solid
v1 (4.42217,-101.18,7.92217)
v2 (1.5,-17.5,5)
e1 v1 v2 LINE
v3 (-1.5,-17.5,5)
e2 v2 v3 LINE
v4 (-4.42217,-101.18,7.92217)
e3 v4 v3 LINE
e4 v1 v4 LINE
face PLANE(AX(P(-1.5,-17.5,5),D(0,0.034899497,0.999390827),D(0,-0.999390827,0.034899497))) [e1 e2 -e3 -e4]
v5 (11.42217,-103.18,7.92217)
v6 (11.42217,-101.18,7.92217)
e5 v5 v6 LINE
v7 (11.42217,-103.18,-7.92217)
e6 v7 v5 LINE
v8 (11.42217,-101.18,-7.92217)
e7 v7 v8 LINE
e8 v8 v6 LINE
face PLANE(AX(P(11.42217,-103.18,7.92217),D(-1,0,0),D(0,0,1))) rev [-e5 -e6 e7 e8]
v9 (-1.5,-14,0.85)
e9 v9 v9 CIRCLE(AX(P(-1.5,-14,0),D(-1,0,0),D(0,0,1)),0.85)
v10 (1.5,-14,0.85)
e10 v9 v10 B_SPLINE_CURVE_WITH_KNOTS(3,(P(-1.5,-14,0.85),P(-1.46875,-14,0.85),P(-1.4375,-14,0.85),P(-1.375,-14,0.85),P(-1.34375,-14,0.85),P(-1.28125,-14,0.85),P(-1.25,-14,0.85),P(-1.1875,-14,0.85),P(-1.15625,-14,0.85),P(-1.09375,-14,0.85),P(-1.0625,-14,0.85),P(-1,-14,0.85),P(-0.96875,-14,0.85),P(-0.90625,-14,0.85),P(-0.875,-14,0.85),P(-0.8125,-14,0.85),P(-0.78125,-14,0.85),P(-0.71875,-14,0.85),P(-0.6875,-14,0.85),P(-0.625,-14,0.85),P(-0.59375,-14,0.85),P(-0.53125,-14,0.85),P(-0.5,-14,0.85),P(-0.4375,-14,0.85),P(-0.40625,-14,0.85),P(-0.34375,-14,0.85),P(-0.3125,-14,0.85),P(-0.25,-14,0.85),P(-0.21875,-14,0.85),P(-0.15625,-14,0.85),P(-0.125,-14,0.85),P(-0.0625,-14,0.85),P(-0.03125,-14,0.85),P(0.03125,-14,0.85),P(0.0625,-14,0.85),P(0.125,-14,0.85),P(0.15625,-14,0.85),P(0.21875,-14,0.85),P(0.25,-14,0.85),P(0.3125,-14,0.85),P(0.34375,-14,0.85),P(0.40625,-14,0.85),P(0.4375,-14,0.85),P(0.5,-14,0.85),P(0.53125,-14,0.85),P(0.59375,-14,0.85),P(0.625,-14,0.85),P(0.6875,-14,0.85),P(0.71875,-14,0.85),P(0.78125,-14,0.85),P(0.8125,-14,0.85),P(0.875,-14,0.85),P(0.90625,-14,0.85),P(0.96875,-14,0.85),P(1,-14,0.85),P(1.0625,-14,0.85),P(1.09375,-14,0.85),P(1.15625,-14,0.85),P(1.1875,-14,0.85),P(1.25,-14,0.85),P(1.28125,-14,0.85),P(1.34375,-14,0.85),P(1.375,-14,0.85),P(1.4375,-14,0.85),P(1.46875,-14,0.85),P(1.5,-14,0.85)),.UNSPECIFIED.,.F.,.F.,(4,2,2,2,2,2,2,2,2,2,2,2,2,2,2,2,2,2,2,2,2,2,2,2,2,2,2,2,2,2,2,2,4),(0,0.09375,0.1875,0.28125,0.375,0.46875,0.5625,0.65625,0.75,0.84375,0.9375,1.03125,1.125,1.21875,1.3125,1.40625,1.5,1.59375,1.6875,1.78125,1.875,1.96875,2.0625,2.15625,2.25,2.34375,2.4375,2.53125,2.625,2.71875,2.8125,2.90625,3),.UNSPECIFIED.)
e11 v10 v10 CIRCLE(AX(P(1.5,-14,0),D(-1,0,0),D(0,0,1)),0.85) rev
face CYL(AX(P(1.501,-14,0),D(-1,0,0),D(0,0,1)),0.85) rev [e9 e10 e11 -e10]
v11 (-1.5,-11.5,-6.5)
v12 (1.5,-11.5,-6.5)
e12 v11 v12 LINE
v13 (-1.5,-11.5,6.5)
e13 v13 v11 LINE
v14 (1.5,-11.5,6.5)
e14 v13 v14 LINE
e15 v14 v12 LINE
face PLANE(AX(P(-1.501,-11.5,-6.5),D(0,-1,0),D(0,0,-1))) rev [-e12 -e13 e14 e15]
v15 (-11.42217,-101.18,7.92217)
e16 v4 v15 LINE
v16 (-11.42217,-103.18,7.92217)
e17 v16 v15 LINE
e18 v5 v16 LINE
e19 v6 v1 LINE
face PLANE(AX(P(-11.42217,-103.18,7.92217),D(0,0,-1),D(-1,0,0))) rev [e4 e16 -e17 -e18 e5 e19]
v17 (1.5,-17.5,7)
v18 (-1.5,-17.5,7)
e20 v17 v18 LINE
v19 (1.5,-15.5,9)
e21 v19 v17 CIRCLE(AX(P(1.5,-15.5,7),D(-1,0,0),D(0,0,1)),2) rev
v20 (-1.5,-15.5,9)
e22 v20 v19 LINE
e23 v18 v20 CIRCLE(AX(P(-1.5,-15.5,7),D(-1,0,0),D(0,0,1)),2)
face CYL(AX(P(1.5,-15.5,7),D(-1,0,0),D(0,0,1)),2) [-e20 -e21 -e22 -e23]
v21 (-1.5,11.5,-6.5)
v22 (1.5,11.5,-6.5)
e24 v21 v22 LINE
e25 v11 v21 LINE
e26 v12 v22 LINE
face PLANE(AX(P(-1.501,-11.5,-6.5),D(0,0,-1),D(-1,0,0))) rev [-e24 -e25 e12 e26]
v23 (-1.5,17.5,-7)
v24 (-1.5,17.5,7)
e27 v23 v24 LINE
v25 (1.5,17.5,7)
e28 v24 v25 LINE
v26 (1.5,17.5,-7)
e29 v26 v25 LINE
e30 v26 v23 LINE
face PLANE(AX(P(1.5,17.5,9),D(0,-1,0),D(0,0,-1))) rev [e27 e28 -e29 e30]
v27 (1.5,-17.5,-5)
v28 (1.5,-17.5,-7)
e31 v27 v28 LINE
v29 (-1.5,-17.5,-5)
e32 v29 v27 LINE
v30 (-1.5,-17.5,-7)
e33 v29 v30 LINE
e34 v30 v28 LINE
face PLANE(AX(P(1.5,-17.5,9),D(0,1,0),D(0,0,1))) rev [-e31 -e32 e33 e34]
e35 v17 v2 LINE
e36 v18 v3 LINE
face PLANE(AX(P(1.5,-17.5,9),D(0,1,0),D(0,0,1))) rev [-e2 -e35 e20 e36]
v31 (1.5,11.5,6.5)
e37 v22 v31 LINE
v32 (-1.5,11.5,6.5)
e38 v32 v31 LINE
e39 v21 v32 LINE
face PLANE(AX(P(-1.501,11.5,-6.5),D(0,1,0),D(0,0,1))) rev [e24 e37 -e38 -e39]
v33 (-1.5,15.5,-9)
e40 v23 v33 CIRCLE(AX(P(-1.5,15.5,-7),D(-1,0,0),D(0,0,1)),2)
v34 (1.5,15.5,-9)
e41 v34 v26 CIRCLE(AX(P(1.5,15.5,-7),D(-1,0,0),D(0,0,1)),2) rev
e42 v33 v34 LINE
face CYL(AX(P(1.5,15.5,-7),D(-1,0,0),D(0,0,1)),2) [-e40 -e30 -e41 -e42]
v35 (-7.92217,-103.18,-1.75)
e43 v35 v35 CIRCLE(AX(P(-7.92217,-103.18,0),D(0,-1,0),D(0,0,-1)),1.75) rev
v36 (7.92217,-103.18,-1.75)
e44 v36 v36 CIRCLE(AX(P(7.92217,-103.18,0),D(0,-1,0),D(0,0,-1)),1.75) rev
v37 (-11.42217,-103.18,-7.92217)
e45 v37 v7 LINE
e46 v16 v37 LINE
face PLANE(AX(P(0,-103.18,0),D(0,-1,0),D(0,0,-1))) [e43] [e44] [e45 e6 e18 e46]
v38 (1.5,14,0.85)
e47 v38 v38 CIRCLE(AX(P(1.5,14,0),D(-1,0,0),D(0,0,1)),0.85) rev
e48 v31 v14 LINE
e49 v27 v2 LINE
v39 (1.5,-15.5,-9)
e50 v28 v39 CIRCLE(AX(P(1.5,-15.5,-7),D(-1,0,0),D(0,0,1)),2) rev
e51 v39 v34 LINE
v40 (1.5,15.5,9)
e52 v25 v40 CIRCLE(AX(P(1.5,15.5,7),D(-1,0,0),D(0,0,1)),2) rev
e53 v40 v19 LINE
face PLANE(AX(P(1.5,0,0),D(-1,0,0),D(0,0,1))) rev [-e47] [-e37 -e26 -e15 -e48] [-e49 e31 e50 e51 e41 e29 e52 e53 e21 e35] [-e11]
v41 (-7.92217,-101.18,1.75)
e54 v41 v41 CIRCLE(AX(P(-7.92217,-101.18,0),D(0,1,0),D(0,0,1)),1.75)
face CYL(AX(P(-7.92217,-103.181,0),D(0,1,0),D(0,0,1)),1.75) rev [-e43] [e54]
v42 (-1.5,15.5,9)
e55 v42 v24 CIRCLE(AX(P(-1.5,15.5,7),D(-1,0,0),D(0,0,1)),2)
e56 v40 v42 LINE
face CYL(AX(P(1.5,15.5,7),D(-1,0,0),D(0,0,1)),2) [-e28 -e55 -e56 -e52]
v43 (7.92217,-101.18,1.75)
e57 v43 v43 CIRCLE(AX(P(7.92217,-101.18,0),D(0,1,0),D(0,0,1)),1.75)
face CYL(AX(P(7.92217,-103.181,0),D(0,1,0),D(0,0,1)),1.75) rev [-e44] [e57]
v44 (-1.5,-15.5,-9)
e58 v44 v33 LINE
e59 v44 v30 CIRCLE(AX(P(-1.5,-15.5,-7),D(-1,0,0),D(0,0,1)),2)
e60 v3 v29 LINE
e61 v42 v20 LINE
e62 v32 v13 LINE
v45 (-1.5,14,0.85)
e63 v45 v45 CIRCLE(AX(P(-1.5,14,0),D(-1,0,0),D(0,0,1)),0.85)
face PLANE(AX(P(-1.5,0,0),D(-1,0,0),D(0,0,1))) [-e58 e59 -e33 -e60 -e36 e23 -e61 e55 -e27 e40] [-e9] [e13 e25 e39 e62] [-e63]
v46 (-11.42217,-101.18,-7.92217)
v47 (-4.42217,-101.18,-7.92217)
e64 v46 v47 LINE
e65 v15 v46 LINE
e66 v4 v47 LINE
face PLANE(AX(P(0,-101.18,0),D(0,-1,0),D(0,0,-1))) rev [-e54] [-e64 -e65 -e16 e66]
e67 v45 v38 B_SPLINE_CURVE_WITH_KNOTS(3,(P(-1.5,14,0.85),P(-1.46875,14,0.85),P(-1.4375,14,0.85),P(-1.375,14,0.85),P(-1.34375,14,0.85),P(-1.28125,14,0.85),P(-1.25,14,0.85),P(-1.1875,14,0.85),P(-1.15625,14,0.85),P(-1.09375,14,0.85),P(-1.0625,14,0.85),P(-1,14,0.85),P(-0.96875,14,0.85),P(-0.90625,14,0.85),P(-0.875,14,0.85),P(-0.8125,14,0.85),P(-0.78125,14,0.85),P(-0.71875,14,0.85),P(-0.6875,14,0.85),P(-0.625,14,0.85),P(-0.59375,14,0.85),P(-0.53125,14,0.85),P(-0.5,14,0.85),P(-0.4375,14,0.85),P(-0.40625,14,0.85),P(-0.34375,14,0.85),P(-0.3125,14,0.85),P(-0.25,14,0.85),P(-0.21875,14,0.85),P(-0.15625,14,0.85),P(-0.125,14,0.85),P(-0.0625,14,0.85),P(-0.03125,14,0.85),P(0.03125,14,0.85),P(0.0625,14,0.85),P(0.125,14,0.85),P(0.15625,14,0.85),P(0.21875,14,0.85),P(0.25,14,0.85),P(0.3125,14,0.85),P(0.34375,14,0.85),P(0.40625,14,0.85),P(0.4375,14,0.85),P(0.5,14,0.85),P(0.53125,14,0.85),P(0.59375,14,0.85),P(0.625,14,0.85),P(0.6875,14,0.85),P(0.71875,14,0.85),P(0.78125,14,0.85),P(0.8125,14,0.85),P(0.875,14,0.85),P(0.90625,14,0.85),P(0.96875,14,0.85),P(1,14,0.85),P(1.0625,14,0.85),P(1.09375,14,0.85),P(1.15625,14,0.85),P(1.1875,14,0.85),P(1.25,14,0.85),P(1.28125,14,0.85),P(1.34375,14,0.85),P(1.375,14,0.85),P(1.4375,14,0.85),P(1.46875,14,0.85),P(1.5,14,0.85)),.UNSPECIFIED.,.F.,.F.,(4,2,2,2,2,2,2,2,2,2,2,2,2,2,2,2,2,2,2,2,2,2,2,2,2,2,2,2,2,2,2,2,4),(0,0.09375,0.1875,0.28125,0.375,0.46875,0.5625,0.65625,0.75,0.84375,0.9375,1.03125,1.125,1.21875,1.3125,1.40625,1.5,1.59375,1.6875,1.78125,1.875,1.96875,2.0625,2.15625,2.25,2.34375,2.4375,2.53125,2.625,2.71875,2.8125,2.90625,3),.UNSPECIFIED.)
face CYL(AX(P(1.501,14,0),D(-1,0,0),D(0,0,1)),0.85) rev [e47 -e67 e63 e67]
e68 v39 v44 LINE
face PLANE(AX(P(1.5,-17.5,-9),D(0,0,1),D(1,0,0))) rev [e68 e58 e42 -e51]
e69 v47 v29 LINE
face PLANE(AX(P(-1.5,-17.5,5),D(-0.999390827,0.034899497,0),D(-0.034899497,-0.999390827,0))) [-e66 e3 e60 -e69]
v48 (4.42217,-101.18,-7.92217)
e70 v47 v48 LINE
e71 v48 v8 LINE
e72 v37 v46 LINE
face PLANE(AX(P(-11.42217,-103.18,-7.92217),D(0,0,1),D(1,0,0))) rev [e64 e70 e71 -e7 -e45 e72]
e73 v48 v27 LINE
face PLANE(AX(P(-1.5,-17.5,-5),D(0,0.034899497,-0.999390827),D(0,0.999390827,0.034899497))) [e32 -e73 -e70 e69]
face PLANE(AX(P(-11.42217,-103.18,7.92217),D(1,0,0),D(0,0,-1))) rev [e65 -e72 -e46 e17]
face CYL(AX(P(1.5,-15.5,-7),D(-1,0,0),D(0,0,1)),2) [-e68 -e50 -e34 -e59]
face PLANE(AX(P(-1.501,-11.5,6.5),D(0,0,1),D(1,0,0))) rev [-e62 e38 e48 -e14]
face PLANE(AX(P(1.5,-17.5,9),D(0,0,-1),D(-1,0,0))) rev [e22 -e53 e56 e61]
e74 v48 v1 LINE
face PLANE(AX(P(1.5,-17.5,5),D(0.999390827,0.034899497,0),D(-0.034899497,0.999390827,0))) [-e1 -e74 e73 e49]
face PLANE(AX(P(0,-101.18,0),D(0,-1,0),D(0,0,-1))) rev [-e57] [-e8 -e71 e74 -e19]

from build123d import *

# Parameters (mm, degrees)
ESBO_O1_W                = 18
ESBO_O1_H                = 35
RESSALTO_EXTRUS_O1_DEPTH = 1.5
CORTE_EXTRUS_O1_REACH    = 21.906
ESBO_O2_W                = 13
ESBO_O2_H                = 23
CORTE_EXTRUS_O2_REACH    = 21.906
ESBO_O3_R                = 0.85
FILETE1_R                = 2
ESBO_O4_W                = 3
ESBO_O4_H                = 10
RESSALTO_EXTRUS_O2_DEPTH = 83.68
RESSALTO_EXTRUS_O2_TAPER = -2
ESBO_O5_W                = 22.844339982
ESBO_O5_H                = 15.844339982
RESSALTO_EXTRUS_O3_DEPTH = 2
CORTE_EXTRUS_O3_REACH    = 121.568
ESBO_O6_R                = 1.75


with BuildPart() as part:
    # Esboço1 → Ressalto-extrusão1 (new, symmetric)
    with BuildSketch(Plane(origin=(0, 0, 0), x_dir=(0, 0, -1), z_dir=(1, 0, 0))):
        Rectangle(ESBO_O1_W, ESBO_O1_H)
    extrude(amount=RESSALTO_EXTRUS_O1_DEPTH, both=True)

    # Esboço2 → Corte-extrusão1 (cut, up to next)
    with BuildSketch(Plane(origin=(1.5, 0, 0), x_dir=(0, 0, -1), z_dir=(1, 0, 0)), mode=Mode.PRIVATE) as corte_extrus_o1_sk1:
        Rectangle(ESBO_O2_W, ESBO_O2_H)
    corte_extrus_o1_tool1 = extrude(corte_extrus_o1_sk1.sketch, amount=-CORTE_EXTRUS_O1_REACH, mode=Mode.PRIVATE) & part.part
    add(corte_extrus_o1_tool1.solids().sort_by_distance((1.5, 0, 0))[0], mode=Mode.SUBTRACT)

    # Esboço3 → Corte-extrusão2 (cut, up to next)
    with BuildSketch(Plane.ZY.offset(1.5), mode=Mode.PRIVATE) as corte_extrus_o2_sk1:
        with Locations((0, 14)):
            Circle(ESBO_O3_R)
    corte_extrus_o2_tool1 = extrude(corte_extrus_o2_sk1.sketch, amount=-CORTE_EXTRUS_O2_REACH, mode=Mode.PRIVATE) & part.part
    # Esboço3 → Corte-extrusão2 (cut, up to next)
    with BuildSketch(Plane.ZY.offset(1.5), mode=Mode.PRIVATE) as corte_extrus_o2_sk2:
        with Locations((0, -14)):
            Circle(ESBO_O3_R)
    corte_extrus_o2_tool2 = extrude(corte_extrus_o2_sk2.sketch, amount=-CORTE_EXTRUS_O2_REACH, mode=Mode.PRIVATE) & part.part
    add(corte_extrus_o2_tool1.solids().sort_by_distance((-1.5, 14, 0))[0], mode=Mode.SUBTRACT)
    add(corte_extrus_o2_tool2.solids().sort_by_distance((-1.5, -14, 0))[0], mode=Mode.SUBTRACT)

    # Filete1
    filete1_edges = [part.edges().sort_by_distance(p)[0] for p in [
        (0, -17.5, -9),
        (0, -17.5, 9),
        (0, 17.5, 9),
        (0, 17.5, -9),
    ]]
    fillet(filete1_edges, radius=FILETE1_R)

    # Esboço4 → Ressalto-extrusão2 (add)
    with BuildSketch(Plane.XZ.offset(17.5)):
        Rectangle(ESBO_O4_W, ESBO_O4_H)
    extrude(amount=RESSALTO_EXTRUS_O2_DEPTH, taper=RESSALTO_EXTRUS_O2_TAPER)

    # Esboço5 → Ressalto-extrusão3 (add)
    with BuildSketch(Plane.XZ.offset(101.18)):
        Rectangle(ESBO_O5_W, ESBO_O5_H)
    extrude(amount=RESSALTO_EXTRUS_O3_DEPTH)

    # Esboço6 → Corte-extrusão3 (cut, up to next)
    with BuildSketch(Plane(origin=(0, -101.18, 0), x_dir=(1, 0, 0), z_dir=(0, 1, 0)), mode=Mode.PRIVATE) as corte_extrus_o3_sk1:
        with Locations(Location((7.922169991, 0, 0), (0, 0, 270))):
            Circle(ESBO_O6_R)
    corte_extrus_o3_tool1 = extrude(corte_extrus_o3_sk1.sketch, amount=-CORTE_EXTRUS_O3_REACH, mode=Mode.PRIVATE) & part.part
    # Esboço6 → Corte-extrusão3 (cut, up to next)
    with BuildSketch(Plane(origin=(0, -101.18, 0), x_dir=(1, 0, 0), z_dir=(0, 1, 0)), mode=Mode.PRIVATE) as corte_extrus_o3_sk2:
        with Locations(Location((-7.922169991, 0, 0), (0, 0, 270))):
            Circle(ESBO_O6_R)
    corte_extrus_o3_tool2 = extrude(corte_extrus_o3_sk2.sketch, amount=-CORTE_EXTRUS_O3_REACH, mode=Mode.PRIVATE) & part.part
    add(corte_extrus_o3_tool1.solids().sort_by_distance((7.92217, -101.18, 0))[0], mode=Mode.SUBTRACT)
    add(corte_extrus_o3_tool2.solids().sort_by_distance((-7.92217, -101.18, 0))[0], mode=Mode.SUBTRACT)


solid = part.part
